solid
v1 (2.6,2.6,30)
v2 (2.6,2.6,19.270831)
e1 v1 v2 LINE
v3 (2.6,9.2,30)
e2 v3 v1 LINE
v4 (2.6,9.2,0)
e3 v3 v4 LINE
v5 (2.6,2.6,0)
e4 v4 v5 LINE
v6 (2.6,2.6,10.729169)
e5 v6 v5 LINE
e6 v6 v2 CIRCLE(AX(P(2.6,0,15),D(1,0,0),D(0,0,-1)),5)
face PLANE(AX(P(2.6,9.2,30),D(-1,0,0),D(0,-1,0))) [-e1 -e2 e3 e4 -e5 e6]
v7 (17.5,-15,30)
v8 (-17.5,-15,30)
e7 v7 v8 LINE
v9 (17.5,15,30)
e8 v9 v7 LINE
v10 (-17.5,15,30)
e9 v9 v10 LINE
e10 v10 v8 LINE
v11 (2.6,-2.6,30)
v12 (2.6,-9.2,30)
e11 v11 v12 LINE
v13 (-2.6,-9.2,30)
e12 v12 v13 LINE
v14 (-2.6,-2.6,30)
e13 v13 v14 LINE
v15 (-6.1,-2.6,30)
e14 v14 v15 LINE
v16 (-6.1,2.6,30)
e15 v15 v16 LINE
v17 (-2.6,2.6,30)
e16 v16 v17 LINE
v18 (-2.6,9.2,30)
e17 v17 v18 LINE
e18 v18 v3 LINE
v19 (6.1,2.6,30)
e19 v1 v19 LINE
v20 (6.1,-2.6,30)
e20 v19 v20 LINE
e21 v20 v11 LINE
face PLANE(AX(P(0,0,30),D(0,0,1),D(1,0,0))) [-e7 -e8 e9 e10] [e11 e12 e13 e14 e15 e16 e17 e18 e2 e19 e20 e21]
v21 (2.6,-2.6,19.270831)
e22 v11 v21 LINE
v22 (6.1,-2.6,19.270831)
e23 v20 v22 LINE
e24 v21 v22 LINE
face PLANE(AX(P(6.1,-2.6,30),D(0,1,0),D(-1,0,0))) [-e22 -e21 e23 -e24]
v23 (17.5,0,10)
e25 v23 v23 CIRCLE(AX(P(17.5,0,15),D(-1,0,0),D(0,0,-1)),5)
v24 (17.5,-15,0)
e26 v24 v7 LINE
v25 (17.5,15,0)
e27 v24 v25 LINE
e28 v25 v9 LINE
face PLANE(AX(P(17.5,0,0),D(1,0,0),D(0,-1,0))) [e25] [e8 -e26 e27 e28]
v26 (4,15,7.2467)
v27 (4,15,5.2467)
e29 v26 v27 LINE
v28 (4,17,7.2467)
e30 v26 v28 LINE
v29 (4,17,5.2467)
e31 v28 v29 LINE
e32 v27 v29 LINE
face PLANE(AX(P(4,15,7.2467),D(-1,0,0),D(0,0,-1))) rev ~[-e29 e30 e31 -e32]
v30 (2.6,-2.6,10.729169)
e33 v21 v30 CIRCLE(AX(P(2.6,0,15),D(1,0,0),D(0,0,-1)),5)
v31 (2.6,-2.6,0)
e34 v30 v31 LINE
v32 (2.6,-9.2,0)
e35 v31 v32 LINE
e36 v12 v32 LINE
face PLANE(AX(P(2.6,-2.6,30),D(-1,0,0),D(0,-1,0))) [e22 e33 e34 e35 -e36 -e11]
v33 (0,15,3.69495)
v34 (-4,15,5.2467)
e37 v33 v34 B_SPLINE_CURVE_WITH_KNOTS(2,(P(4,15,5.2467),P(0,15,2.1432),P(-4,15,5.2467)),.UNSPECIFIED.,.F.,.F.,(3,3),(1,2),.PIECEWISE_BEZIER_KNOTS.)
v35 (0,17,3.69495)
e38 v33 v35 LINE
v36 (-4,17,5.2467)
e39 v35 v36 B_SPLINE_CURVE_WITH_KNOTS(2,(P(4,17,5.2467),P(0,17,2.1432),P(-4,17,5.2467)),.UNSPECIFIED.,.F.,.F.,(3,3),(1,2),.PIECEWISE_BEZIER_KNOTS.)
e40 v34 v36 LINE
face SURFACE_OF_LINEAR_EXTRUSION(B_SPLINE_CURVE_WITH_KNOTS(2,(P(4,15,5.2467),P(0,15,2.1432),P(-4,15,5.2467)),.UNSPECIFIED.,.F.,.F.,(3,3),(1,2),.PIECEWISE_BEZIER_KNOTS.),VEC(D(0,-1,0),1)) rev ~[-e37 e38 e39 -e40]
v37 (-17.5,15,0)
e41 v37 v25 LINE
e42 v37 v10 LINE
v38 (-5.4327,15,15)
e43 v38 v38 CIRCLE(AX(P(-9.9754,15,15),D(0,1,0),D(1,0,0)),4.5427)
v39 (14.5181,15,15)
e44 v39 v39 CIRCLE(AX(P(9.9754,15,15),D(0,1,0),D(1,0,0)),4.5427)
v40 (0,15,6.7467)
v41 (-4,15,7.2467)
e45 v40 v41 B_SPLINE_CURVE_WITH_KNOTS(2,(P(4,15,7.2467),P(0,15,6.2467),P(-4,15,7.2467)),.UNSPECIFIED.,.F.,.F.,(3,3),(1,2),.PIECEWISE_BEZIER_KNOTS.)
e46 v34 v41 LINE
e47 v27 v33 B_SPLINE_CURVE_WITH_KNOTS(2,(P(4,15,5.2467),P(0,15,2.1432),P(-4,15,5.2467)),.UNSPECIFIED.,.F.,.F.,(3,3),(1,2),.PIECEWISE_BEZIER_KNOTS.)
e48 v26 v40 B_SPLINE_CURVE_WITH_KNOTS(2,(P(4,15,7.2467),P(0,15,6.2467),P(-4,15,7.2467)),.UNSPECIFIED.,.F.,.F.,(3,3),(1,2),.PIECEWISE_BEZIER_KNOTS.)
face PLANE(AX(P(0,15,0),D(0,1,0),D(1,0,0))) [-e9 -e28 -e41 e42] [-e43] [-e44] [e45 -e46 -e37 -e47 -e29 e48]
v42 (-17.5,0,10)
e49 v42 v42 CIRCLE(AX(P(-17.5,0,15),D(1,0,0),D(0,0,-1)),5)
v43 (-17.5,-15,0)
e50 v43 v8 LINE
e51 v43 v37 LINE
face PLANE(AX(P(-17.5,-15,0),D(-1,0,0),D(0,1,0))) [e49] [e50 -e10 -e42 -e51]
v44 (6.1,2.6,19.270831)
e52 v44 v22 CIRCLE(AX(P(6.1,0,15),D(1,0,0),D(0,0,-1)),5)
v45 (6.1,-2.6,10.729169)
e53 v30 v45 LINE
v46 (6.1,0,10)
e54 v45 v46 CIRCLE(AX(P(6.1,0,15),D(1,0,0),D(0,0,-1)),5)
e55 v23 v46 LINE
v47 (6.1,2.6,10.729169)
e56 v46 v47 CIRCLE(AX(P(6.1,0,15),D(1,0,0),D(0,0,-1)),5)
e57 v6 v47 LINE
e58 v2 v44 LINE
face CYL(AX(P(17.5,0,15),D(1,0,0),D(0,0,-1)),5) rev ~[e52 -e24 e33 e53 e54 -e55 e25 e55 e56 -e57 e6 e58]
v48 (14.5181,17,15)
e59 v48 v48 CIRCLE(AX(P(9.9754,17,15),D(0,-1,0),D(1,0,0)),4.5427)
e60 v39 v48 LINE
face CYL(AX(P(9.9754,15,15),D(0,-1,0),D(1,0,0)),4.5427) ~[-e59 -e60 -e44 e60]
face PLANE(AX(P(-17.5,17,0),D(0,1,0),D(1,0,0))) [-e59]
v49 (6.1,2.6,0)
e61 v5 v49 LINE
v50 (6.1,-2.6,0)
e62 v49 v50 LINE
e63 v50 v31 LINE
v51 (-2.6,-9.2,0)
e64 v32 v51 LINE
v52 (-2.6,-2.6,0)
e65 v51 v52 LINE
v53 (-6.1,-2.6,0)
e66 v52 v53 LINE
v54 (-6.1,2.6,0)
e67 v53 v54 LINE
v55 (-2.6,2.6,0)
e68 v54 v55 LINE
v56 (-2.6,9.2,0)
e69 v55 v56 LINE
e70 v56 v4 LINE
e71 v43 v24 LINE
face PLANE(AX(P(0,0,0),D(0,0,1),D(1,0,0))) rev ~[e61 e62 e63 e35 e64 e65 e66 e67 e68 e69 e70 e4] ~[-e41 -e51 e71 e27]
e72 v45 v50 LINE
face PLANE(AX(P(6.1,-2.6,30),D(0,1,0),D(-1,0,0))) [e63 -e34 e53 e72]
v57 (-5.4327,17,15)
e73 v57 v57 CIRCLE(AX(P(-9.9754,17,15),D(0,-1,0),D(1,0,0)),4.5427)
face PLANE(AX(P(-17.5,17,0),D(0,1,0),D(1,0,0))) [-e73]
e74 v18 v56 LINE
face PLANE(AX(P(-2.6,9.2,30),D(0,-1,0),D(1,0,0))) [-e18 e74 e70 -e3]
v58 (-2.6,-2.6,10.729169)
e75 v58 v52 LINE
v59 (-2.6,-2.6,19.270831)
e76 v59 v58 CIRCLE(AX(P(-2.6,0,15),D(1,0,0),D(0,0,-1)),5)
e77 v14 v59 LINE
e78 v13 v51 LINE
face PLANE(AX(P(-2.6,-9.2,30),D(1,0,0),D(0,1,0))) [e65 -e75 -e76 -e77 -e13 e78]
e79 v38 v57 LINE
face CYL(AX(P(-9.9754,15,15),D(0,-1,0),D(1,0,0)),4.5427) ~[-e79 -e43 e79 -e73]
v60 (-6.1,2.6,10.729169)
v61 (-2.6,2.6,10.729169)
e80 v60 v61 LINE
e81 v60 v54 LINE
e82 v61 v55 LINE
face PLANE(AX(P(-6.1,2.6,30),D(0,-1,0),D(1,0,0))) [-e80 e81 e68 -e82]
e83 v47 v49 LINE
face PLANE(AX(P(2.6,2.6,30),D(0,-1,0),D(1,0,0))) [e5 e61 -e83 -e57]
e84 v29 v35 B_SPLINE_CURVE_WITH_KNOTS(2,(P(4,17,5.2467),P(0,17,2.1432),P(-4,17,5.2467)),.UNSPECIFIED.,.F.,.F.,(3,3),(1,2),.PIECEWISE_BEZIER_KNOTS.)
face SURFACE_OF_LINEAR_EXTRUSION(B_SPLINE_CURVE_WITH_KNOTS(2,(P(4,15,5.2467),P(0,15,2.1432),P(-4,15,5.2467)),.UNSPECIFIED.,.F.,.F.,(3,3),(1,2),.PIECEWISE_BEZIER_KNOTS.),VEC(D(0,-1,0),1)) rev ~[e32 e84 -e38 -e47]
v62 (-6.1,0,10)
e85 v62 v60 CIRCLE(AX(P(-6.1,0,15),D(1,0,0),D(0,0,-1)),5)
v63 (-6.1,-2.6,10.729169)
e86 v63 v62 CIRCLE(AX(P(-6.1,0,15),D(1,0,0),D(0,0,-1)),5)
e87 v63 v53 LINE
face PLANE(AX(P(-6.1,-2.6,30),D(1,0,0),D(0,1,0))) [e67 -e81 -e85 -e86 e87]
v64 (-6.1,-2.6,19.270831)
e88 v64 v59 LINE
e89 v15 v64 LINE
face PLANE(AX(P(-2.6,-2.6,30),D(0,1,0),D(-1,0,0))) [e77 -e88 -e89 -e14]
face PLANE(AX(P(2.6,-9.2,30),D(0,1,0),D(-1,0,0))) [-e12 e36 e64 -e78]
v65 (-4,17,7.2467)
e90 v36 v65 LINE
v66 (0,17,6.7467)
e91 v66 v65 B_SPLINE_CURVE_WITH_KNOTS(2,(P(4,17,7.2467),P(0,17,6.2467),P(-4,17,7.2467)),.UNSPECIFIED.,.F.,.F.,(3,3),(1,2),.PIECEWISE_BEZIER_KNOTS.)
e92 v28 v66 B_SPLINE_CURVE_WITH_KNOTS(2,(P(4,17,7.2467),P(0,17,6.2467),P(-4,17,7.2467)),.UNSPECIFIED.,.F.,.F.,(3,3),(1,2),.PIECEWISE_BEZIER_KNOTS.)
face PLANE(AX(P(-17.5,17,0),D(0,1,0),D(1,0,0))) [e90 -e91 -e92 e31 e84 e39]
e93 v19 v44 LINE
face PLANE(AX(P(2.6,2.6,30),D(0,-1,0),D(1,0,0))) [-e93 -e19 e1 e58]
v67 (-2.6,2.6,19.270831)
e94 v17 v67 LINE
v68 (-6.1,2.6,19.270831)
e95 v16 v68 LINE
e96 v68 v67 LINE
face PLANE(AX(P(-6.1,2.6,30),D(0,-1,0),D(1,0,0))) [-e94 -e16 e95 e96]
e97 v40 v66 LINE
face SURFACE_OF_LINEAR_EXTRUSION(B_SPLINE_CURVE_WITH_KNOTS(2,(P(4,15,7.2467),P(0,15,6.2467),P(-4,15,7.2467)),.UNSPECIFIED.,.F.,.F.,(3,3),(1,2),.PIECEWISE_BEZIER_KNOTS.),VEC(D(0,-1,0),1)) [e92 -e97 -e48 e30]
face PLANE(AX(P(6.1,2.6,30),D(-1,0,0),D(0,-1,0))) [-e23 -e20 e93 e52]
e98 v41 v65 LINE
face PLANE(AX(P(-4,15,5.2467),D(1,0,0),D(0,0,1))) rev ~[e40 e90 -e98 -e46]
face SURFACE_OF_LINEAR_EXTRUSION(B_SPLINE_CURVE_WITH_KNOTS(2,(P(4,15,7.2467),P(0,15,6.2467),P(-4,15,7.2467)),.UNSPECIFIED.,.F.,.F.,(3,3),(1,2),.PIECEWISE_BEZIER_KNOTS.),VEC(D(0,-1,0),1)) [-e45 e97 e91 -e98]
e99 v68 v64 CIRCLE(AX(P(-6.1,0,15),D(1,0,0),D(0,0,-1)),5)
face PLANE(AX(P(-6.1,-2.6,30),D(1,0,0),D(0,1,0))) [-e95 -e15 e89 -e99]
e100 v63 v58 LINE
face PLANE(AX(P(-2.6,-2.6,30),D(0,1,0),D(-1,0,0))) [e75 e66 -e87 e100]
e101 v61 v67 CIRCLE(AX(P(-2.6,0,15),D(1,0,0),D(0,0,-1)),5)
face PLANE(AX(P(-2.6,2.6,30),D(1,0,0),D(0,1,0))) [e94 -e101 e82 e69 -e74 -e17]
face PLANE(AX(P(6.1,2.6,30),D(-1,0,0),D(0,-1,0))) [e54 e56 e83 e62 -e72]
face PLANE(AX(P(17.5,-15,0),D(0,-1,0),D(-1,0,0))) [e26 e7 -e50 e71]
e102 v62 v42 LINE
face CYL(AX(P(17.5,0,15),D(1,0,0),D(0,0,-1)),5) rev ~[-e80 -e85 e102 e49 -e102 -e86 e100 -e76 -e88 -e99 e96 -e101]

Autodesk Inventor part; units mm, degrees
ref_plane "YZ Plane" through (0, 0, 0) normal (1, 0, 0) x (0, 1, 0)
ref_plane "XZ Plane" through (0, 0, 0) normal (0, 1, 0) x (-1, 0, 0)
ref_plane "XY Plane" through (0, 0, 0) normal (0, 0, 1) x (1, 0, 0)
sketch "スケッチ1" plane through (0, 0, 0) normal (0, 0, 1) x (1, 0, 0)
  line L0 (40.6372, 0) -> (-44.8968, 0)
  line L1 (0, -28.7297) -> (0, 26.7749)
  line L2 (17.5, -15) -> (-17.5, -15)
  line L3 (-17.5, -15) -> (-17.5, 15)
  line L4 (-17.5, 15) -> (17.5, 15)
  line L5 (17.5, 15) -> (17.5, -15)
  point P0 (0, 0)
  dimension "d0" = 35
  dimension "d1" = 30
extrude "押し出し1" add sketch "スケッチ1" along normal blind 30
sketch "スケッチ4" plane through (17.5, -15, 0) normal (1, 0, 0) x (0, 0, -1)
  line L0 (0, 30) -> (0, 0) projected
  line L1 (0, 30) -> (-30, 30) projected
  line L2 (-30, 0) -> (-30, 30) projected
  line L3 (0, 0) -> (-30, 0) projected
  line L4 (-30, 15) -> (0, 15)
  line L5 (0, 30) -> (-30, 30) projected
  line L6 (-15, 30) -> (-15, 0)
  circle A0 centre (-15, 15) radius 5
  dimension "d4" = 10
extrude "押し出し2" cut sketch "スケッチ4" against normal through all contours A0 L6 L4 | L4 L6 A0 | L6 L4 A0 | L6 A0 L4
sketch "スケッチ5" plane through (0, 0, 30) normal (0, 0, 1) x (1, 0, 0)
  line L0 (-5.9, -2.4) -> (-5.9, 2.4) projected
  line L1 (-2.4, -2.4) -> (-5.9, -2.4) projected
  line L2 (-2.4, -9) -> (-2.4, -2.4) projected
  line L3 (2.4, -9) -> (-2.4, -9) projected
  line L4 (2.4, -2.4) -> (2.4, -9) projected
  line L5 (5.9, -2.4) -> (2.4, -2.4) projected
  line L6 (5.9, 2.4) -> (5.9, -2.4) projected
  line L7 (2.4, 2.4) -> (5.9, 2.4) projected
  line L8 (2.4, 9) -> (2.4, 2.4) projected
  line L9 (-2.4, 9) -> (2.4, 9) projected
  line L10 (-2.4, 2.4) -> (-2.4, 9) projected
  line L11 (-5.9, 2.4) -> (-2.4, 2.4) projected
  ellipse E0 centre (0.5, 0) end of major axis (4.0355, 0) minor radius 2.5 (0, -2.4749) -> (0, 2.4749) ccw projected
  ellipse E1 centre (-0.5, 0) end of major axis (-4.0355, 0) minor radius 2.5 (0, 2.4749) -> (0, -2.4749) ccw projected
  line L12 (-2.6, 9.2) -> (2.6, 9.2)
  line L13 (2.6, 9.2) -> (2.6, 2.6)
  line L14 (2.6, 2.6) -> (6.1, 2.6)
  line L15 (6.1, 2.6) -> (6.1, -2.6)
  line L16 (6.1, -2.6) -> (2.6, -2.6)
  line L17 (2.6, -2.6) -> (2.6, -9.2)
  line L18 (2.6, -9.2) -> (-2.6, -9.2)
  line L19 (-2.6, -9.2) -> (-2.6, -2.6)
  line L20 (-2.6, -2.6) -> (-6.1, -2.6)
  line L21 (-6.1, -2.6) -> (-6.1, 2.6)
  line L22 (-6.1, 2.6) -> (-2.6, 2.6)
  line L23 (-2.6, 2.6) -> (-2.6, 9.2)
  point P0 (0, 0)
  dimension "d9" = 0.2
extrude "押し出し3" cut sketch "スケッチ5" against normal up to surface (30 mm away) contours L0 L11 L10 L9 L8 L7 L6 L5 L4 L3 L2 L1 | E1 E0 | L12 L13 L14 L15 L16 L17 L18 L19 L20 L21 L22 L23
sketch "スケッチ6" plane through (-17.5, 15, 0) normal (0, 1, 0) x (1, 0, 0)
  line L0 (0, 0) -> (35, 0) projected
  line L1 (0, 0) -> (0, -30) projected
  line L2 (35, -30) -> (0, -30) projected
  line L3 (35, 0) -> (35, -30) projected
  line L4 (35, -10) -> (35, -20) projected
  line L5 (35, -15) -> (0, -15)
  line L6 (0, -30) -> (35, -30) projected
  line L7 (17.5, -30) -> (17.5, 0)
  circle A0 centre (7.5246, -15) radius 4.5427
  line L8 (21.5, -7.2467) -> (17.5, -6.2467) construction
  line L9 (17.5, -6.2467) -> (13.5, -7.2467) construction
  spline S0 degree 2 poles (21.5, -7.2467) (17.5, -6.2467) (13.5, -7.2467) knots 1 1 1 2 2 2
  line L10 (21.5, -7.2467) -> (21.5, -5.2467)
  line L11 (21.5, -5.2467) -> (17.5, -2.1432) construction
  line L12 (17.5, -2.1432) -> (13.5, -5.2467) construction
  spline S1 degree 2 poles (21.5, -5.2467) (17.5, -2.1432) (13.5, -5.2467) knots 1 1 1 2 2 2
  line L13 (13.5, -5.2467) -> (13.5, -7.2467)
  circle A1 centre (27.4754, -15) radius 4.5427
  line L14 (13.5, -7.2467) -> (29.7216, -7.2467)
  line L15 (13.5, -5.2467) -> (30.3964, -5.2467)
  dimension "d12" = 2
  dimension "d13" = 4
  dimension "d14" = 4
extrude "顔" add sketch "スケッチ6" along normal blind 2 contours S1 L15 L7 | L7 L15 S1 | A0 L5 | L5 A0 | L15 L10 S0 L7 | L7 S0 L13 L15 | A1 L5 | L5 A1
equation "\"d14\" = d13"
properties part number "head"
